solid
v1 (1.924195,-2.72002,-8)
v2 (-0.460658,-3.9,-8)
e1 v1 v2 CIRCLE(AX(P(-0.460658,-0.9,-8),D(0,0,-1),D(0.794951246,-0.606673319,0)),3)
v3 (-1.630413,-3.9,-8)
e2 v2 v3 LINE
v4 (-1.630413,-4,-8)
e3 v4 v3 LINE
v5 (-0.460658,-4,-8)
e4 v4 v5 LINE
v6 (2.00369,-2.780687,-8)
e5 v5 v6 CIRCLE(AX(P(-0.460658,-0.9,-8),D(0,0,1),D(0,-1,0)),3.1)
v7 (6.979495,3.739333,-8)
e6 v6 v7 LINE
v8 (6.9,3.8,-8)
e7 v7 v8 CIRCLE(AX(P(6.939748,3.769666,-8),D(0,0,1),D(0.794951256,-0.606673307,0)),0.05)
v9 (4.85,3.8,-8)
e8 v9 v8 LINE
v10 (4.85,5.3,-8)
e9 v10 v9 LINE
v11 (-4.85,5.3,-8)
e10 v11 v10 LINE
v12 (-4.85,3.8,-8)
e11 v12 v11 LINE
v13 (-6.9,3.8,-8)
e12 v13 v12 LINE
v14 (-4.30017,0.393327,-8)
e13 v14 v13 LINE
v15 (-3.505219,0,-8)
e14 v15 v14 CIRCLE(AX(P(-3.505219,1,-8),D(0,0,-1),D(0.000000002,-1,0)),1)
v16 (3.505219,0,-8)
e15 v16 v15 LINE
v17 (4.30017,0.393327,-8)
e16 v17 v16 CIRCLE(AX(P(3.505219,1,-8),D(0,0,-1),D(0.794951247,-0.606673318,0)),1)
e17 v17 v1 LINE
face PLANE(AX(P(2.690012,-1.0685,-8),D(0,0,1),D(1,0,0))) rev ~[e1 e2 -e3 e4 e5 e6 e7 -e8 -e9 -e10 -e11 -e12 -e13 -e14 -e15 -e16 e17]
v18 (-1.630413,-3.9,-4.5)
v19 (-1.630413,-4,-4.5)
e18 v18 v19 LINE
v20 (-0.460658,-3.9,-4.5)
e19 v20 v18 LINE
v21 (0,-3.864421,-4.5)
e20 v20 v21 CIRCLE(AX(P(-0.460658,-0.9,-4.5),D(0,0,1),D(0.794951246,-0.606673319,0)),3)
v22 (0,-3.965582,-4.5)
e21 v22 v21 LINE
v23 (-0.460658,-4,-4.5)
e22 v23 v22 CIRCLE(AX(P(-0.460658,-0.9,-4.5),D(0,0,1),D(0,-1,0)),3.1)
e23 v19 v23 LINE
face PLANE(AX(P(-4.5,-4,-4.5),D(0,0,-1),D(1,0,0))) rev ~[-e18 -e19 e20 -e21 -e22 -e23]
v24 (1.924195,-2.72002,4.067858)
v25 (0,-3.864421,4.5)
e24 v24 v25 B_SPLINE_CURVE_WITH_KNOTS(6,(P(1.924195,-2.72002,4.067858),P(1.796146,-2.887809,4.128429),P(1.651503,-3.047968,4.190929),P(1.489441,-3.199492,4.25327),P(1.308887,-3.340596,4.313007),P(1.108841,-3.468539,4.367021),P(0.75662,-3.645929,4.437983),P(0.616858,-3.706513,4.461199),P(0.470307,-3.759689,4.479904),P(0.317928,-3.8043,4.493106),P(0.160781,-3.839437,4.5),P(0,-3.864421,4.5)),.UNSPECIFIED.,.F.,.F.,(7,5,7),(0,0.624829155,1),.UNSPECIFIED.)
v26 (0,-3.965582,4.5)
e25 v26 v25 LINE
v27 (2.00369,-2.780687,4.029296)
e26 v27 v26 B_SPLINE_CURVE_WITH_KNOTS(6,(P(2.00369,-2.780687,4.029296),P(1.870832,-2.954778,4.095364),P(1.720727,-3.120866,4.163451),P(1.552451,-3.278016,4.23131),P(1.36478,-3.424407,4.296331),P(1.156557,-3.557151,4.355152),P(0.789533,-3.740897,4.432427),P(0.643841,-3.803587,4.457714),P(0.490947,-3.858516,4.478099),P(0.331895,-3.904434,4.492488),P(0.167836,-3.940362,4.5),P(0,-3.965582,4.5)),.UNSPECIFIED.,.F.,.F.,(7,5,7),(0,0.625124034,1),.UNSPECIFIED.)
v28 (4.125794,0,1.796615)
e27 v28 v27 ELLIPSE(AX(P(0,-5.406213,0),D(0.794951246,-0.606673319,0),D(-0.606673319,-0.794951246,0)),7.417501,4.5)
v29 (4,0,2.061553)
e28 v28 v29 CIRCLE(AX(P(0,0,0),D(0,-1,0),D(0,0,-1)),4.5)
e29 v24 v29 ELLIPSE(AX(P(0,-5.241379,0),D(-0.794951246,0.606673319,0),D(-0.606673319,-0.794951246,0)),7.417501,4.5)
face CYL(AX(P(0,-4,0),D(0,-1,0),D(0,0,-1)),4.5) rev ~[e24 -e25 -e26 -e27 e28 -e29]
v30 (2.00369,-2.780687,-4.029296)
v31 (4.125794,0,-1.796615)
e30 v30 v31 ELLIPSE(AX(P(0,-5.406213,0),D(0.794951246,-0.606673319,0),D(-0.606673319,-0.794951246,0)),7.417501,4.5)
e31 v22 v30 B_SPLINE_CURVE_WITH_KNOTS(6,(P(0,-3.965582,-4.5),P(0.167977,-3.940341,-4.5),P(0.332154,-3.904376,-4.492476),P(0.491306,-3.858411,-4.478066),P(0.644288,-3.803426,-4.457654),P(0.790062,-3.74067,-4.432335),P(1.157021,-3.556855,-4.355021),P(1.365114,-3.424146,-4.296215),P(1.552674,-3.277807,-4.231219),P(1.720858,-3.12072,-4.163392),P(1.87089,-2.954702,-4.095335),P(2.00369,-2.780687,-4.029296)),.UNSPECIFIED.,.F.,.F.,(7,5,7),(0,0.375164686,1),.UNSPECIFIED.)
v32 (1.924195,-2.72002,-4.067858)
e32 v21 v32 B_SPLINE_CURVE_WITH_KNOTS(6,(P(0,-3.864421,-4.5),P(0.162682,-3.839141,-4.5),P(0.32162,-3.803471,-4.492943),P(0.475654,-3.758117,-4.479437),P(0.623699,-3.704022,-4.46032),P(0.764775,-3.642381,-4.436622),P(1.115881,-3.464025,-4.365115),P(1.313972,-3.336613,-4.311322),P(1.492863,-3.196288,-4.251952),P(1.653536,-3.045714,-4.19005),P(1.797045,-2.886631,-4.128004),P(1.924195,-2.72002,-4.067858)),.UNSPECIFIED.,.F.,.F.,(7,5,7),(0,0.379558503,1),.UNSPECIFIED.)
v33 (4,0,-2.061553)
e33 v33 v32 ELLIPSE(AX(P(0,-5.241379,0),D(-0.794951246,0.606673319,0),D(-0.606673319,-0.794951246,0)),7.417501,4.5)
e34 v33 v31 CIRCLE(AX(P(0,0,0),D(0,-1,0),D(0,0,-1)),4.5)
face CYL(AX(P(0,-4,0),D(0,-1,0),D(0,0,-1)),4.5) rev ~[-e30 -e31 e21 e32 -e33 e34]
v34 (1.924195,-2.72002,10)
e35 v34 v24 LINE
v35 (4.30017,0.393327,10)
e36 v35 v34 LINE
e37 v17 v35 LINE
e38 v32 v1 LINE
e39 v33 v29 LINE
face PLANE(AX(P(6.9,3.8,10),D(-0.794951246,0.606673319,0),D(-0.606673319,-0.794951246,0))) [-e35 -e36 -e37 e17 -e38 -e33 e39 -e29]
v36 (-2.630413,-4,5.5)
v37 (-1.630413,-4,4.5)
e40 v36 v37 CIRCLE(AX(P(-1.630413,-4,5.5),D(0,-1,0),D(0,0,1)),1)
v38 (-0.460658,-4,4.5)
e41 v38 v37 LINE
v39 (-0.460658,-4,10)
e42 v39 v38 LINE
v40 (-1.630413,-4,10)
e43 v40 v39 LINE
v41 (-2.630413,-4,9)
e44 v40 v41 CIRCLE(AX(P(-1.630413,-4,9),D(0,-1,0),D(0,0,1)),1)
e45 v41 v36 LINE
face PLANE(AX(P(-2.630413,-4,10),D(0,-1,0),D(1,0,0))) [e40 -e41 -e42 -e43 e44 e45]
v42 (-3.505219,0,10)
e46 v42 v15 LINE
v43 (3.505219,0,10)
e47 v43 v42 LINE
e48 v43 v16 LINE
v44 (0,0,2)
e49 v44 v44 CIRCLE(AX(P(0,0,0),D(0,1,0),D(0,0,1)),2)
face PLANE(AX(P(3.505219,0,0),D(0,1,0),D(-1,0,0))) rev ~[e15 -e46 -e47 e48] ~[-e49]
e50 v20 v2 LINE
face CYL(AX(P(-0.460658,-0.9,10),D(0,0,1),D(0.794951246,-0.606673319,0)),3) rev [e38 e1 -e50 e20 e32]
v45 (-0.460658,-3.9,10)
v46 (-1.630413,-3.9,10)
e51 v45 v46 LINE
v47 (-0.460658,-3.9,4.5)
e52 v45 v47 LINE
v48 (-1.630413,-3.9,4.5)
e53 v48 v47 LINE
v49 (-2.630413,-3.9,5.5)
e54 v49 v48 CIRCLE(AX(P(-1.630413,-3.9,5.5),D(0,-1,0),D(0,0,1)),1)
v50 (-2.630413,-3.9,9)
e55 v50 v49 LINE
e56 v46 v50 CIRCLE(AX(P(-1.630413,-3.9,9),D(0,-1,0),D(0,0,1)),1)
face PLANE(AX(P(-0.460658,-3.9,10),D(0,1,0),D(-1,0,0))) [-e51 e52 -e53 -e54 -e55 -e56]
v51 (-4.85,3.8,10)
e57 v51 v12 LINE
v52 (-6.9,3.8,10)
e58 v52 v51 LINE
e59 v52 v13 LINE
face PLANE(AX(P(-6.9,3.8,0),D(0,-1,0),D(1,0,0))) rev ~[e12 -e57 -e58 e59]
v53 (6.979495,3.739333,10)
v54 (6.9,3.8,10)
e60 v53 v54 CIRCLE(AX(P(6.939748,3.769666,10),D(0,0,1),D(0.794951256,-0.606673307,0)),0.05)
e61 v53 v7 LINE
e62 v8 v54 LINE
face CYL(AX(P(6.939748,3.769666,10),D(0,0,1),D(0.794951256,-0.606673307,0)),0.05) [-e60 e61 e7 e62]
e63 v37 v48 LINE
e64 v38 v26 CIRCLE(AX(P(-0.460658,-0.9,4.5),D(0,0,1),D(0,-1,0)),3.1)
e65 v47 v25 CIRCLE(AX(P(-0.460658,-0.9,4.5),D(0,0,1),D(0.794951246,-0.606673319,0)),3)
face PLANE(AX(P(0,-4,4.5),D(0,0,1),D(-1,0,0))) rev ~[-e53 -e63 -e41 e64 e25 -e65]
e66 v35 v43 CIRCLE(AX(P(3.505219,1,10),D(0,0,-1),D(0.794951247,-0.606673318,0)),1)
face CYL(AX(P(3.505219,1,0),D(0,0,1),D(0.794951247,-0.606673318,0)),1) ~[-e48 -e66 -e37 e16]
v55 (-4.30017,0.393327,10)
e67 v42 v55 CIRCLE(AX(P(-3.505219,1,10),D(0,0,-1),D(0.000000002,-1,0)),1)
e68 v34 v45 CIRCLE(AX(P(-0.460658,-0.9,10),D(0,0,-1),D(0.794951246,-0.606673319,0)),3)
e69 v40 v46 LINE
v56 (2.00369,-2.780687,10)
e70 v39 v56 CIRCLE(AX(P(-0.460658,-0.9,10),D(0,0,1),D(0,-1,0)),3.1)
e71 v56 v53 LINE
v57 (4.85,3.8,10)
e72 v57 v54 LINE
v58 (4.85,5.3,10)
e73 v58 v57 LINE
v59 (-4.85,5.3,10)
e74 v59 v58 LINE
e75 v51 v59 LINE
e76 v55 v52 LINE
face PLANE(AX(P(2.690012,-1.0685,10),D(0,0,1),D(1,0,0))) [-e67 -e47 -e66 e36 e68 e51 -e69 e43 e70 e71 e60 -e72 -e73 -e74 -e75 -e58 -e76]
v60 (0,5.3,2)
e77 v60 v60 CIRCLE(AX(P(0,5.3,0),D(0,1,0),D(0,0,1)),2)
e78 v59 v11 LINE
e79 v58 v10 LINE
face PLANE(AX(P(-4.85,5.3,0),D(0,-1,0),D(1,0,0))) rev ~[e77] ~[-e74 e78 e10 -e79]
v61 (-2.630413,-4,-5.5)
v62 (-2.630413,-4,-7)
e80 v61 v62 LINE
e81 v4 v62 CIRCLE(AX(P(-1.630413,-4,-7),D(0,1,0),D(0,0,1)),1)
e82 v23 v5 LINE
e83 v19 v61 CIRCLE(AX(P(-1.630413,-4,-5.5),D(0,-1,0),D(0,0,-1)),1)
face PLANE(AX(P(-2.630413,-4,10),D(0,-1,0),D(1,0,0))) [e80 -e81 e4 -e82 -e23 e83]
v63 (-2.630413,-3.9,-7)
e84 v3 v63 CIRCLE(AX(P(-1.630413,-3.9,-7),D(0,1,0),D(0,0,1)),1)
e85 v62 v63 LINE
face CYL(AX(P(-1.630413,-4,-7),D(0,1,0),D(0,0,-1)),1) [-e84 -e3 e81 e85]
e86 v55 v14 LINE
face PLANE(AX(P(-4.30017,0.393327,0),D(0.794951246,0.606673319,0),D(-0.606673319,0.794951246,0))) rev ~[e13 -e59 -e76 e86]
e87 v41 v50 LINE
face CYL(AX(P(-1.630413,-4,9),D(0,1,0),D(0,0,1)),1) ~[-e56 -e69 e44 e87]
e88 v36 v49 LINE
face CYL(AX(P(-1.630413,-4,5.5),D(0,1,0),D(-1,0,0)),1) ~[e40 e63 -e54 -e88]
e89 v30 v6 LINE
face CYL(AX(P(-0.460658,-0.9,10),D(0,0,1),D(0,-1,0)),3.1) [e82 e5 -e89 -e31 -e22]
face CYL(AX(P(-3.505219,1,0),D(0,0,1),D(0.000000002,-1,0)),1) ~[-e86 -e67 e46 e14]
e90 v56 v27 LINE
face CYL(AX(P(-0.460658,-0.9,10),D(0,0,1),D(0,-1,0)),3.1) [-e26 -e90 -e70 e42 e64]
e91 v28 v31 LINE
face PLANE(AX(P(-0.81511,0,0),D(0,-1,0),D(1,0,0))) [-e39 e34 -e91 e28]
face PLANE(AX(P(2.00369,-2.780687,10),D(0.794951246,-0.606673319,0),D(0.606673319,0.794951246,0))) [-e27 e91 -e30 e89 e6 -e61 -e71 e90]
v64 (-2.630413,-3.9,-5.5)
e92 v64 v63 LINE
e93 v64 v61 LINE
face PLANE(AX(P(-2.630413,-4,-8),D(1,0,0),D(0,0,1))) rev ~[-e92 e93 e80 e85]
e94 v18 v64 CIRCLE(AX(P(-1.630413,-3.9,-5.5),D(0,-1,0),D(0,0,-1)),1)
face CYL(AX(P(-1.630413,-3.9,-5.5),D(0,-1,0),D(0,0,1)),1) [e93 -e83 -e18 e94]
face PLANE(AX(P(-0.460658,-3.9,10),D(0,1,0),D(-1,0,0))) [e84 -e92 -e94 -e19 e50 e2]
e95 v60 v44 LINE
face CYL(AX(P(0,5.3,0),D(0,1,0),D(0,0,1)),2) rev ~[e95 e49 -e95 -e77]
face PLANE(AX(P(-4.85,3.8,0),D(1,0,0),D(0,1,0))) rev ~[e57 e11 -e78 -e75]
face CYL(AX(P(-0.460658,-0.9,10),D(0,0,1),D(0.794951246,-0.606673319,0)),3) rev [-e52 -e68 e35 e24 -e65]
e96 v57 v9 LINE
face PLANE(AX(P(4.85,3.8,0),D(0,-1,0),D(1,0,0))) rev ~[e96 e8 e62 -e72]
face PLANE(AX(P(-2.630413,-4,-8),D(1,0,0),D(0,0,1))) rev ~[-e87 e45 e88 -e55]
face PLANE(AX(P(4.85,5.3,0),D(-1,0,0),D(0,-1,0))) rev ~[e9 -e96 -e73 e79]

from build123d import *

# Parameters (mm, degrees)
EXTRUDE_1_DEPTH      = 10
EXTRUDE_1_DEPTH_BACK = 8
SKETCH_2_R           = 2
CUT_EXTRUDE_1_DEPTH  = 6.3
EXTRUDE_2_DEPTH      = 18
CUT_EXTRUDE_2_DEPTH  = 4
SKETCH_5_W           = 0.05
SKETCH_5_H           = 18
CUT_EXTRUDE_3_DEPTH  = 1
FILLET_1_R           = 1


with BuildPart() as part:
    # Эскиз1 → Бобышка-Вытянуть1 (new body, two sides)
    with BuildSketch(Plane.XY) as extrude_1_sk:
        with BuildLine():
            Line((3.505219116, 0), (-3.505219116, 0))
            ThreePointArc((-3.505219116, 0), (-3.948686522, 0.1037095), (-4.300170362, 0.393326681))
            Line((-4.300170362, 0.393326681), (-6.9, 3.8))
            Line((-6.9, 3.8), (-4.85, 3.8))
            Line((-4.85, 3.8), (-4.85, 5.3))
            Line((-4.85, 5.3), (4.85, 5.3))
            Line((4.85, 5.3), (4.85, 3.8))
            Line((4.85, 3.8), (6.9, 3.8))
            Line((6.9, 3.8), (4.300170362, 0.393326681))
            ThreePointArc((4.300170362, 0.393326681), (3.948686522, 0.1037095), (3.505219116, 0))
        make_face()
    extrude(amount=EXTRUDE_1_DEPTH)
    extrude(extrude_1_sk.sketch, amount=-EXTRUDE_1_DEPTH_BACK)

    # Эскиз2 → Вырез-Вытянуть1 (cut, through all)
    with BuildSketch(Plane(origin=(0, 5.3, 0), x_dir=(1, 0, 0), z_dir=(0, 1, 0))):
        with Locations(Location((0, 0, 0), (0, 0, 270))):  # turned: the seam where the file's is
            Circle(SKETCH_2_R)
    extrude(amount=-CUT_EXTRUDE_1_DEPTH, mode=Mode.SUBTRACT)

    # Эскиз3 → Бобышка-Вытянуть2 (add)
    with BuildSketch(Plane.XY.offset(10)):
        with BuildLine():
            Line((6.9, 3.8), (1.924195295, -2.720019958))
            ThreePointArc((1.924195295, -2.720019958), (0.869743776, -3.588871499), (-0.460658443, -3.9))
            Line((-0.460658443, -3.9), (-2.630413016, -3.9))
            ThreePointArc((-2.630413016, -3.9), (-2.680413016, -3.95), (-2.630413016, -4))
            Line((-2.630413016, -4), (-0.460658443, -4))
            ThreePointArc((-0.460658443, -4), (0.914090516, -3.678500549), (2.00369042, -2.78068729))
            Line((2.00369042, -2.78068729), (6.979495125, 3.739332668))
            ThreePointArc((6.979495125, 3.739332668), (6.970081228, 3.809413896), (6.9, 3.8))
        make_face()
    extrude(amount=-EXTRUDE_2_DEPTH)

    # Эскиз4 → Вырез-Вытянуть2 (cut)
    with BuildSketch(Plane.XZ.offset(4)):
        with BuildLine():
            Line((0, 4.5), (-4.5, 4.5))
            Line((-4.5, 4.5), (-4.5, 0))
            Line((-4.5, 0), (-4.5, -4.5))
            Line((-4.5, -4.5), (0, -4.5))
            ThreePointArc((0, -4.5), (4.5, 0), (0, 4.5))
        make_face()
    extrude(amount=-CUT_EXTRUDE_2_DEPTH, mode=Mode.SUBTRACT)

    # Эскиз5 → Вырез-Вытянуть3 (cut)
    with BuildSketch(Plane.XZ.offset(4)):
        with Locations((-2.655413016, 1)):
            Rectangle(SKETCH_5_W, SKETCH_5_H)
    extrude(amount=-CUT_EXTRUDE_3_DEPTH, mode=Mode.SUBTRACT)

    # Скругление1
    fillet_1_edges = [part.edges().sort_by_distance(p)[0] for p in [
        (-2.630413016, -3.95, 4.5),
        (-2.630413016, -3.95, -4.5),
        (-2.630413016, -3.95, 10),
        (-2.630413016, -3.95, -8),
    ]]
    fillet(fillet_1_edges, radius=FILLET_1_R)


solid = part.part
